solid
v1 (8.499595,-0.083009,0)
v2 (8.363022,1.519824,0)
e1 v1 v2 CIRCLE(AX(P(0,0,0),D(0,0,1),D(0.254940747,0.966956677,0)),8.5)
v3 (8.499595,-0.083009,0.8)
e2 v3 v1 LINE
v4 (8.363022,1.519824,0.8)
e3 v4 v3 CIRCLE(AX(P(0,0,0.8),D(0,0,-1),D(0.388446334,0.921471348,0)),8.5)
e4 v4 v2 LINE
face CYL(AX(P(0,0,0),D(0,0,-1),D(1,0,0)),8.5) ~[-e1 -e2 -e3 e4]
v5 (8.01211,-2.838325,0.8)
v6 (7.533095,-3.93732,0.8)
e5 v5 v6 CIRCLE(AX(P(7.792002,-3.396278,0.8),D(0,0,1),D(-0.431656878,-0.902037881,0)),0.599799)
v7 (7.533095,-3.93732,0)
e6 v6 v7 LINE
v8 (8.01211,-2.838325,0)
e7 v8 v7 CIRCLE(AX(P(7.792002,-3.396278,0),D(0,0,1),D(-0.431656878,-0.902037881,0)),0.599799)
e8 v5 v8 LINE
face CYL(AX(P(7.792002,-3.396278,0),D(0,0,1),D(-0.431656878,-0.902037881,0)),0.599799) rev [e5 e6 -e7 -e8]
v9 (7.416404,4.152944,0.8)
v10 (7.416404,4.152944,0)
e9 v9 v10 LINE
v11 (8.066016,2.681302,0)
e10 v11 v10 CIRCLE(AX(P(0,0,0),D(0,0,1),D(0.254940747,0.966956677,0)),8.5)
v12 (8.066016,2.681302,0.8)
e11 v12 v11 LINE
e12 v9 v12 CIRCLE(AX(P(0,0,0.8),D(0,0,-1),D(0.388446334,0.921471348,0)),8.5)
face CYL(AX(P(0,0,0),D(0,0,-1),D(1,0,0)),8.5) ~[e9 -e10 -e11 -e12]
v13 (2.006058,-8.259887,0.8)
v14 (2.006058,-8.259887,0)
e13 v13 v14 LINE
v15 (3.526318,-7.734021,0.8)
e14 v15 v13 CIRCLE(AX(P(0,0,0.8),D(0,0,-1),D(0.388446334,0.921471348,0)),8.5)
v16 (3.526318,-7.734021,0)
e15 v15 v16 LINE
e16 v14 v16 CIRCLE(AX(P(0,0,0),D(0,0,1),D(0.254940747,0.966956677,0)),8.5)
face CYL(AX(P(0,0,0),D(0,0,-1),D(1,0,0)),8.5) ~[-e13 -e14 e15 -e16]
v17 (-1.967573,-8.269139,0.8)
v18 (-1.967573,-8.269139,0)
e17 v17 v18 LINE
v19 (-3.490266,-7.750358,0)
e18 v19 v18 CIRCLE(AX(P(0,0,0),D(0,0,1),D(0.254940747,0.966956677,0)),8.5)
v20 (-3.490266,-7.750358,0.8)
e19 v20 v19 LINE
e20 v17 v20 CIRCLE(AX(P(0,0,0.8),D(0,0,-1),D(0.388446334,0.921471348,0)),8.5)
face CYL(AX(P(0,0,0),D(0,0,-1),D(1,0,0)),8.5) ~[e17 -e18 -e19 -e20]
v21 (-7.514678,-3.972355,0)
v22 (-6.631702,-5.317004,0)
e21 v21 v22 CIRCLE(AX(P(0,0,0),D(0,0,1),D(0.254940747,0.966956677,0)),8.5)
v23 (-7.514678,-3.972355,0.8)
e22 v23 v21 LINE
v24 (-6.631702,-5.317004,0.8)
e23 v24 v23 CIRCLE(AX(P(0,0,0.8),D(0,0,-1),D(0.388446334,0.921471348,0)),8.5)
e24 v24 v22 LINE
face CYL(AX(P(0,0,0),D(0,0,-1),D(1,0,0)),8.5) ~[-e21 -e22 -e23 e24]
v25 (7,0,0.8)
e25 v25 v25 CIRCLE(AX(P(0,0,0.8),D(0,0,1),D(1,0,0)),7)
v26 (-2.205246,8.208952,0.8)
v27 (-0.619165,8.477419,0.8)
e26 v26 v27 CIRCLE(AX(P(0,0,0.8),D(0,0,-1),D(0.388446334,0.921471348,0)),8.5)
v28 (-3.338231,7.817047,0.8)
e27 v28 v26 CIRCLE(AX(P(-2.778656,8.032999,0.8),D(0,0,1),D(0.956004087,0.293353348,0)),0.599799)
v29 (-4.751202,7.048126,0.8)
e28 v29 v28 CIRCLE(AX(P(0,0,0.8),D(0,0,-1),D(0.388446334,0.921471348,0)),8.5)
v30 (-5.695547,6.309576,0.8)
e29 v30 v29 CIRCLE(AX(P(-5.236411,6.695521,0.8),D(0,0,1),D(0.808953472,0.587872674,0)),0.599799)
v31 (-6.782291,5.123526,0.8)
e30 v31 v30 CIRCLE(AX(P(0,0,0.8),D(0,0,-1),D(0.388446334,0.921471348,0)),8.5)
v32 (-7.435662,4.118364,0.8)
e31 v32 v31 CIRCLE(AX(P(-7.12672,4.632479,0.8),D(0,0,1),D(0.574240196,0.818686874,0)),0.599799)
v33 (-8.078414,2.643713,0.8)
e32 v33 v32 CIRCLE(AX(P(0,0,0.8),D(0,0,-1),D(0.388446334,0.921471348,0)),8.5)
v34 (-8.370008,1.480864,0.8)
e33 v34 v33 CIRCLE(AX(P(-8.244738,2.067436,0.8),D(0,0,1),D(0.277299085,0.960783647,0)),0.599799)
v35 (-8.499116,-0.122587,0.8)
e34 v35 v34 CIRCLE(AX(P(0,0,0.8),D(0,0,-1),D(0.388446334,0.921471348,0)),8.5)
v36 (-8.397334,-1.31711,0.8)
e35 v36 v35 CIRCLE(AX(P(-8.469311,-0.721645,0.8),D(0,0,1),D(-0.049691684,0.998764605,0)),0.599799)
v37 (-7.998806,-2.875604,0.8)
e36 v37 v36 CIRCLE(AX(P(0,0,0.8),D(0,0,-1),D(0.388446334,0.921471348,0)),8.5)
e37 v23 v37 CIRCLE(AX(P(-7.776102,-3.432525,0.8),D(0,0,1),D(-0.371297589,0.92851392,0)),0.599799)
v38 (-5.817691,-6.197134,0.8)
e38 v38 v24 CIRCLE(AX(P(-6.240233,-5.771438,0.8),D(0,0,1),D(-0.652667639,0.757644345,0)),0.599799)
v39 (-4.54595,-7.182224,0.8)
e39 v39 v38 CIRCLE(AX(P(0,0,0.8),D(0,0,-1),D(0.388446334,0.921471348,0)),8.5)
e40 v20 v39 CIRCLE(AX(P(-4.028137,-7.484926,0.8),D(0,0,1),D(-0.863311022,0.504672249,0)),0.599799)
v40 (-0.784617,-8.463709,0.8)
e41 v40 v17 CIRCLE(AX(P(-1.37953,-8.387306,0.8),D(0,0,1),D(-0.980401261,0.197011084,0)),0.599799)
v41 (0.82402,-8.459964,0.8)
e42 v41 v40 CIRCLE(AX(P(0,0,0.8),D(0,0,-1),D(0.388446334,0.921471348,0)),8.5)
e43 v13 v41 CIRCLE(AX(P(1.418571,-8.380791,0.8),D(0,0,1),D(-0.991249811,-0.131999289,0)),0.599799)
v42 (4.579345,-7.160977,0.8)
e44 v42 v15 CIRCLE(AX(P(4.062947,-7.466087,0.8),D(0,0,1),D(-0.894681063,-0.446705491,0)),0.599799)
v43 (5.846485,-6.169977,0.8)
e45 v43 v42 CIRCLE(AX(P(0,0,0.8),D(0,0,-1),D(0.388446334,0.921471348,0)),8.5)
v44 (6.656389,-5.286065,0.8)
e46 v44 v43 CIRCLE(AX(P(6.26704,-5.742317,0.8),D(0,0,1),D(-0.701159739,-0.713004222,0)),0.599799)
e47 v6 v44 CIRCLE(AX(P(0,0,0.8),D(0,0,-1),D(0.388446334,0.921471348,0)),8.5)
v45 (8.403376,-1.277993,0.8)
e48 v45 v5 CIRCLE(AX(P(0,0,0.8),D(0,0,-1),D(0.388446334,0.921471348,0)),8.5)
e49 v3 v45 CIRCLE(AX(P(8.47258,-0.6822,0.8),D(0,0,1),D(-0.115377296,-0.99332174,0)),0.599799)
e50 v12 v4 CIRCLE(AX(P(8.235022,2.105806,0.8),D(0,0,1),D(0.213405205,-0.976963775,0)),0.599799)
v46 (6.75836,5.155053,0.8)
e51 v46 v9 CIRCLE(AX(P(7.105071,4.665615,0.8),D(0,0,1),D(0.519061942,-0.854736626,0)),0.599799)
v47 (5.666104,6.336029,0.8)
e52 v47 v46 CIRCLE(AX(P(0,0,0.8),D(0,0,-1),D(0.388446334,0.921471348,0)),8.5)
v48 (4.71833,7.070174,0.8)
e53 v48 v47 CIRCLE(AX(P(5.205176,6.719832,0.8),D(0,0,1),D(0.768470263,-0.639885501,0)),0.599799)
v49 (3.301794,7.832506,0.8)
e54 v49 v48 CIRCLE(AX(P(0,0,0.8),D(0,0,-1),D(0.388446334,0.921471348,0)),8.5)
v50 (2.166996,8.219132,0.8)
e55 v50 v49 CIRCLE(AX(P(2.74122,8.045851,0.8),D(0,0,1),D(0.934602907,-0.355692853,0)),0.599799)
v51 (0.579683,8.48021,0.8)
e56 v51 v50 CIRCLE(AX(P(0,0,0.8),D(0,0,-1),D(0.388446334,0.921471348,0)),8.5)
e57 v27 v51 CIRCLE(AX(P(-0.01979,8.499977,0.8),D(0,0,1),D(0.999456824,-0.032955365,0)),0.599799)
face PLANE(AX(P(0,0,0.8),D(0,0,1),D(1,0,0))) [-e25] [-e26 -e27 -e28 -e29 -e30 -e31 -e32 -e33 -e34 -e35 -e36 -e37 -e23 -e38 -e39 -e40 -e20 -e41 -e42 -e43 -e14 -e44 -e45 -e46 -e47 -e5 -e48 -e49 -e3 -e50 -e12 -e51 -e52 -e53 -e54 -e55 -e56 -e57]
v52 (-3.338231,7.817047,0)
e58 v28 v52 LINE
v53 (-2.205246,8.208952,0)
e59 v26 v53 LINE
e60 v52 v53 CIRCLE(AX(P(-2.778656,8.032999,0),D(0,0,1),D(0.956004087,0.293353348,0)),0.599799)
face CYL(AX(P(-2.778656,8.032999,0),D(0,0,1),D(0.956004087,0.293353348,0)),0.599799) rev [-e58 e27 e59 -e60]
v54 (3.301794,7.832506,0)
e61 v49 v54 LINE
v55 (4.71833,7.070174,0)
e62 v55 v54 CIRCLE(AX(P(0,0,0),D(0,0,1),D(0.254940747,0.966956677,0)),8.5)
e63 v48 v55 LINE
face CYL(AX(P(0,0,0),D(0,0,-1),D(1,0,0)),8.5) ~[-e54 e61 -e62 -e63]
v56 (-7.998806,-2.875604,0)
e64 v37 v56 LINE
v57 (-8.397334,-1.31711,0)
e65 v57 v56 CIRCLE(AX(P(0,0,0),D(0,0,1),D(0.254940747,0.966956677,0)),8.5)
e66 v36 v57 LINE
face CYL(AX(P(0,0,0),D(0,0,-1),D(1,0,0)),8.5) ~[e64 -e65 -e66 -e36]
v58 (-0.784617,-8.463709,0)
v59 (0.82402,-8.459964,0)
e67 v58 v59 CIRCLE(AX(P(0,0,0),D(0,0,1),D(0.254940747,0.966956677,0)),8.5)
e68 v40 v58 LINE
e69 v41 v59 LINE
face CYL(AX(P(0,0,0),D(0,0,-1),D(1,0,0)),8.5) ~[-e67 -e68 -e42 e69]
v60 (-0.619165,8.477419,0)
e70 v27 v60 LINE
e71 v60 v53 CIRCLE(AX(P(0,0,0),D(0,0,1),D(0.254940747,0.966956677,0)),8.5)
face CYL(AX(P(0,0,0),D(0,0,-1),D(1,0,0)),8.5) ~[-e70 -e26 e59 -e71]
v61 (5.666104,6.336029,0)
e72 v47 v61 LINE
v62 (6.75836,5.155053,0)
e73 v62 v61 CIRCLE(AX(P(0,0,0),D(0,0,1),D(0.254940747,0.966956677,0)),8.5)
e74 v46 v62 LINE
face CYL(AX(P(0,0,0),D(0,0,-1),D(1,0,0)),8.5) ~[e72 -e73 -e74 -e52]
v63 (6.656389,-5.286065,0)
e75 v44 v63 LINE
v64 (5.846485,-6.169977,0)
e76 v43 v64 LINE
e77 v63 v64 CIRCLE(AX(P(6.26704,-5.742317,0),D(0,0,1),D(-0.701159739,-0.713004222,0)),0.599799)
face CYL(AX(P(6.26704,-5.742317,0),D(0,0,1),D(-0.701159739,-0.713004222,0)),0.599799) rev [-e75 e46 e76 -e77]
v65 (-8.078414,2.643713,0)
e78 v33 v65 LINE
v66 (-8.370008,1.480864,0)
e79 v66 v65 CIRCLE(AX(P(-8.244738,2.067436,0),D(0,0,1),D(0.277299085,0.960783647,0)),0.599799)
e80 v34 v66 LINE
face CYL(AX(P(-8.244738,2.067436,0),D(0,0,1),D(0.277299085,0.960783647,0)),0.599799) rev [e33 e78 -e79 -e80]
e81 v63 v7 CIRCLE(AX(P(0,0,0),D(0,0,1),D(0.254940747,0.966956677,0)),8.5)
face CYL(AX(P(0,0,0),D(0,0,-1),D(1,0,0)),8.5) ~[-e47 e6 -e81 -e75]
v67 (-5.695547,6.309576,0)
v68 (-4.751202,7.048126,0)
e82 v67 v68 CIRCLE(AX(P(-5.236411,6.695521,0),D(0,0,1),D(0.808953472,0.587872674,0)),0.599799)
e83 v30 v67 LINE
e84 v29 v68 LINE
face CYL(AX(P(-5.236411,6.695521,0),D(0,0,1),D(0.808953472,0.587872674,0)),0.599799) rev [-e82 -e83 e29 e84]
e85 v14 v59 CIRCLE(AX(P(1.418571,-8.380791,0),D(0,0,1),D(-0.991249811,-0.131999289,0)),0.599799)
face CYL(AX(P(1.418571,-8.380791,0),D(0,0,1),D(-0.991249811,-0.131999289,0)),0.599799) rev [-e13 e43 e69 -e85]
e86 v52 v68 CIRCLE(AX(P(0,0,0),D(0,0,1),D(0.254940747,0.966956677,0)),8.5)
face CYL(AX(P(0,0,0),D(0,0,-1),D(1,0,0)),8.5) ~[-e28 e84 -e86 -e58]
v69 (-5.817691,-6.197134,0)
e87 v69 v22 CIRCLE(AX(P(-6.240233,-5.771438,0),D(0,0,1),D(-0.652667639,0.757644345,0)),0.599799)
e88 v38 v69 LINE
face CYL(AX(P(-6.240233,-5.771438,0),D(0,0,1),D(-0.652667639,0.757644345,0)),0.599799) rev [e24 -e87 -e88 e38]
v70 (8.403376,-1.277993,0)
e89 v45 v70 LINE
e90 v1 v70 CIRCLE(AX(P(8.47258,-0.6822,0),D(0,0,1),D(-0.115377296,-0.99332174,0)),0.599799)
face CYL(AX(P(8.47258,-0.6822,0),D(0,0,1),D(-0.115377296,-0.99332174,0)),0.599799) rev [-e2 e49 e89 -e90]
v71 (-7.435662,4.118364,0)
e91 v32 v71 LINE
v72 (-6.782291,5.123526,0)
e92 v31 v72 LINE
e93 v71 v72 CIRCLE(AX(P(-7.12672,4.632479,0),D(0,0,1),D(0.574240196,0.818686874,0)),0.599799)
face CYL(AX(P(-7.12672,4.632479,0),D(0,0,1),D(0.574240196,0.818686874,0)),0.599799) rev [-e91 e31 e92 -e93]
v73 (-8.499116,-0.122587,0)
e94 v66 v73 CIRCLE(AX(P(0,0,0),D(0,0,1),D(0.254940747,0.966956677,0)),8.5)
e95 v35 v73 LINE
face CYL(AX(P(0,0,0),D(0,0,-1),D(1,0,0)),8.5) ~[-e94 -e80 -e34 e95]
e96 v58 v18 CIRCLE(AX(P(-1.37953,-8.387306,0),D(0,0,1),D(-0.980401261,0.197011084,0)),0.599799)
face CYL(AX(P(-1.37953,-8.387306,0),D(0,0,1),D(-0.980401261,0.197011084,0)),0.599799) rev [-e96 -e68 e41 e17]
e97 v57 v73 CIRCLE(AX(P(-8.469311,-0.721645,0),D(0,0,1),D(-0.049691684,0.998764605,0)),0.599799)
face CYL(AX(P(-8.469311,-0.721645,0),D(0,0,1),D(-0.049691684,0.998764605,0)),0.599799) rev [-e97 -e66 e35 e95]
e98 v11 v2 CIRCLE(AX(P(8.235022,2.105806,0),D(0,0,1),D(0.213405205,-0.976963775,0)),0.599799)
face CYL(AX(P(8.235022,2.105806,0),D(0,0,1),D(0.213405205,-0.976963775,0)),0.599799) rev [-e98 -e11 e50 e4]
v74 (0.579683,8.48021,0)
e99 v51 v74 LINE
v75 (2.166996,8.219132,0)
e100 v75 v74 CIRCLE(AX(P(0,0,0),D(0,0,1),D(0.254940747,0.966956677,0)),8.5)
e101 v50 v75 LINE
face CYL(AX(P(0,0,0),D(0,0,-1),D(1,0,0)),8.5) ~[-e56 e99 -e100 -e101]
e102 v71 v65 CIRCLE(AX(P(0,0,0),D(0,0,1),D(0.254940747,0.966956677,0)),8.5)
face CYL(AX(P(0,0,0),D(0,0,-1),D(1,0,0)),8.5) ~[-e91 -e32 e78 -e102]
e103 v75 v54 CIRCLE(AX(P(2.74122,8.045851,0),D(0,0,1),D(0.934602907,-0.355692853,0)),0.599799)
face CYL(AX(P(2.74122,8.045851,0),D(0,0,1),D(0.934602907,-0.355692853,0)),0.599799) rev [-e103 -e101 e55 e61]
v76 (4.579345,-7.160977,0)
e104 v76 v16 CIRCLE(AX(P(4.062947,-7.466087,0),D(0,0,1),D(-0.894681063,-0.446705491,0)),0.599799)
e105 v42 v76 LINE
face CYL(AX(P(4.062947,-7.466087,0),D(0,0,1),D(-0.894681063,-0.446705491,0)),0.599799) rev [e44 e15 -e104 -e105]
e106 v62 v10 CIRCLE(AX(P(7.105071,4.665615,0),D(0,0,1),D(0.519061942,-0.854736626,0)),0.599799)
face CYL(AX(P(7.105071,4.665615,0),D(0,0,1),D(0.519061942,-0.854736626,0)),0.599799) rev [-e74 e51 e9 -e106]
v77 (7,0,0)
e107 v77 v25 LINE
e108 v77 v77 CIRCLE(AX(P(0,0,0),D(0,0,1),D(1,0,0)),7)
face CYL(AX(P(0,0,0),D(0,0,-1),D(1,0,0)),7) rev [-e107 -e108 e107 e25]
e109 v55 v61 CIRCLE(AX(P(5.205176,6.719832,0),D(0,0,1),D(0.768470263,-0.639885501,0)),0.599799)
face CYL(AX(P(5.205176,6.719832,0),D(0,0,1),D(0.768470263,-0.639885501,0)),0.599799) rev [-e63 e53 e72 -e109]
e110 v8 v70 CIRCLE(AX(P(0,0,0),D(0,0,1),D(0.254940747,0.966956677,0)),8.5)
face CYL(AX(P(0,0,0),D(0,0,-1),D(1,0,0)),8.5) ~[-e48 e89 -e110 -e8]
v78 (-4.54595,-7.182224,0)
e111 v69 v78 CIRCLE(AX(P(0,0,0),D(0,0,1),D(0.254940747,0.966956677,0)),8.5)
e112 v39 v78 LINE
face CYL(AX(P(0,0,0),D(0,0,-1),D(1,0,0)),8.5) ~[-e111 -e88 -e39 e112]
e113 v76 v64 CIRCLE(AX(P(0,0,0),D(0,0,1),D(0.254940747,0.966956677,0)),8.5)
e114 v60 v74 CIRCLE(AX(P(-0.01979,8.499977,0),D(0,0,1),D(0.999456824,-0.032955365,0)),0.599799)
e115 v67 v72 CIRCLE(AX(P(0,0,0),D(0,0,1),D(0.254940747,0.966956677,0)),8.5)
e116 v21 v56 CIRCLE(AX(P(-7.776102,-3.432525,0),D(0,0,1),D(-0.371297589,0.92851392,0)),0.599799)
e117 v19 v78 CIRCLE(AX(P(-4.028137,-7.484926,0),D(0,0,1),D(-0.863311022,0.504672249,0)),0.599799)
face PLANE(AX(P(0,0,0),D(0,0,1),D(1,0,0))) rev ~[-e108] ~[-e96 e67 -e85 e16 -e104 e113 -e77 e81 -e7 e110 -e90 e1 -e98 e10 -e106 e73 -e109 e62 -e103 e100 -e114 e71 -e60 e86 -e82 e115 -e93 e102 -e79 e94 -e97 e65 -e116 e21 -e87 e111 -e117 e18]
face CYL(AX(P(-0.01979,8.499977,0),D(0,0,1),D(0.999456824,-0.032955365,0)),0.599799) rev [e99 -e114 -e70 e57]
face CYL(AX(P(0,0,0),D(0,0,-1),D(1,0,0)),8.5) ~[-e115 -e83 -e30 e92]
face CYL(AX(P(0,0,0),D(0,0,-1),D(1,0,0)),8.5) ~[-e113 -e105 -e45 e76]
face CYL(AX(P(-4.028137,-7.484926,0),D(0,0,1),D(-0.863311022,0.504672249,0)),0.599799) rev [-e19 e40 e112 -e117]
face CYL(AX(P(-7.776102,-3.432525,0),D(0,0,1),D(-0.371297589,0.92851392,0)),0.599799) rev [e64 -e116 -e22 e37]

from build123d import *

# Parameters (mm, degrees)
SKETCH2_R           = 8.5
SKETCH2_R_2         = 7
BOSS_EXTRUDE1_DEPTH = 0.8
CUT_EXTRUDE1_DEPTH  = 13.04740636
CIRPATTERN2_COUNT   = 19


with BuildPart() as part:
    # Sketch2 → Boss-Extrude1 (new body)
    with BuildSketch(Plane.XY):
        Circle(SKETCH2_R)
        Circle(SKETCH2_R_2, mode=Mode.SUBTRACT)
    extrude(amount=BOSS_EXTRUDE1_DEPTH)

    # Sketch3 → Cut-Extrude1 (cut, symmetric)
    with BuildSketch(Plane.XY):
        with BuildLine():
            Line((21.193331558, 54.843524577), (3.301793839, 7.83250646))
            ThreePointArc((3.301793839, 7.83250646), (2.547786774, 7.478098476), (2.166996346, 8.219131757))
            Line((2.166996346, 8.219131757), (16.698741556, 56.374830563))
            Line((16.698741556, 56.374830563), (49.142224258, 151.600836547))
            Line((49.142224258, 151.600836547), (53.63681426, 150.069530561))
            Line((53.63681426, 150.069530561), (21.193331558, 54.843524577))
        make_face()
    cut_extrude1 = extrude(amount=CUT_EXTRUDE1_DEPTH, both=True, mode=Mode.SUBTRACT)

    # CirPattern2: Cut-Extrude1 ×19 about axis
    cirpattern2_axis = Axis((0, 0, 0), (0, 0, 1))
    for i in range(1, CIRPATTERN2_COUNT):
        add(cut_extrude1.rotate(cirpattern2_axis, i * 360 / CIRPATTERN2_COUNT), mode=Mode.SUBTRACT)


solid = part.part
